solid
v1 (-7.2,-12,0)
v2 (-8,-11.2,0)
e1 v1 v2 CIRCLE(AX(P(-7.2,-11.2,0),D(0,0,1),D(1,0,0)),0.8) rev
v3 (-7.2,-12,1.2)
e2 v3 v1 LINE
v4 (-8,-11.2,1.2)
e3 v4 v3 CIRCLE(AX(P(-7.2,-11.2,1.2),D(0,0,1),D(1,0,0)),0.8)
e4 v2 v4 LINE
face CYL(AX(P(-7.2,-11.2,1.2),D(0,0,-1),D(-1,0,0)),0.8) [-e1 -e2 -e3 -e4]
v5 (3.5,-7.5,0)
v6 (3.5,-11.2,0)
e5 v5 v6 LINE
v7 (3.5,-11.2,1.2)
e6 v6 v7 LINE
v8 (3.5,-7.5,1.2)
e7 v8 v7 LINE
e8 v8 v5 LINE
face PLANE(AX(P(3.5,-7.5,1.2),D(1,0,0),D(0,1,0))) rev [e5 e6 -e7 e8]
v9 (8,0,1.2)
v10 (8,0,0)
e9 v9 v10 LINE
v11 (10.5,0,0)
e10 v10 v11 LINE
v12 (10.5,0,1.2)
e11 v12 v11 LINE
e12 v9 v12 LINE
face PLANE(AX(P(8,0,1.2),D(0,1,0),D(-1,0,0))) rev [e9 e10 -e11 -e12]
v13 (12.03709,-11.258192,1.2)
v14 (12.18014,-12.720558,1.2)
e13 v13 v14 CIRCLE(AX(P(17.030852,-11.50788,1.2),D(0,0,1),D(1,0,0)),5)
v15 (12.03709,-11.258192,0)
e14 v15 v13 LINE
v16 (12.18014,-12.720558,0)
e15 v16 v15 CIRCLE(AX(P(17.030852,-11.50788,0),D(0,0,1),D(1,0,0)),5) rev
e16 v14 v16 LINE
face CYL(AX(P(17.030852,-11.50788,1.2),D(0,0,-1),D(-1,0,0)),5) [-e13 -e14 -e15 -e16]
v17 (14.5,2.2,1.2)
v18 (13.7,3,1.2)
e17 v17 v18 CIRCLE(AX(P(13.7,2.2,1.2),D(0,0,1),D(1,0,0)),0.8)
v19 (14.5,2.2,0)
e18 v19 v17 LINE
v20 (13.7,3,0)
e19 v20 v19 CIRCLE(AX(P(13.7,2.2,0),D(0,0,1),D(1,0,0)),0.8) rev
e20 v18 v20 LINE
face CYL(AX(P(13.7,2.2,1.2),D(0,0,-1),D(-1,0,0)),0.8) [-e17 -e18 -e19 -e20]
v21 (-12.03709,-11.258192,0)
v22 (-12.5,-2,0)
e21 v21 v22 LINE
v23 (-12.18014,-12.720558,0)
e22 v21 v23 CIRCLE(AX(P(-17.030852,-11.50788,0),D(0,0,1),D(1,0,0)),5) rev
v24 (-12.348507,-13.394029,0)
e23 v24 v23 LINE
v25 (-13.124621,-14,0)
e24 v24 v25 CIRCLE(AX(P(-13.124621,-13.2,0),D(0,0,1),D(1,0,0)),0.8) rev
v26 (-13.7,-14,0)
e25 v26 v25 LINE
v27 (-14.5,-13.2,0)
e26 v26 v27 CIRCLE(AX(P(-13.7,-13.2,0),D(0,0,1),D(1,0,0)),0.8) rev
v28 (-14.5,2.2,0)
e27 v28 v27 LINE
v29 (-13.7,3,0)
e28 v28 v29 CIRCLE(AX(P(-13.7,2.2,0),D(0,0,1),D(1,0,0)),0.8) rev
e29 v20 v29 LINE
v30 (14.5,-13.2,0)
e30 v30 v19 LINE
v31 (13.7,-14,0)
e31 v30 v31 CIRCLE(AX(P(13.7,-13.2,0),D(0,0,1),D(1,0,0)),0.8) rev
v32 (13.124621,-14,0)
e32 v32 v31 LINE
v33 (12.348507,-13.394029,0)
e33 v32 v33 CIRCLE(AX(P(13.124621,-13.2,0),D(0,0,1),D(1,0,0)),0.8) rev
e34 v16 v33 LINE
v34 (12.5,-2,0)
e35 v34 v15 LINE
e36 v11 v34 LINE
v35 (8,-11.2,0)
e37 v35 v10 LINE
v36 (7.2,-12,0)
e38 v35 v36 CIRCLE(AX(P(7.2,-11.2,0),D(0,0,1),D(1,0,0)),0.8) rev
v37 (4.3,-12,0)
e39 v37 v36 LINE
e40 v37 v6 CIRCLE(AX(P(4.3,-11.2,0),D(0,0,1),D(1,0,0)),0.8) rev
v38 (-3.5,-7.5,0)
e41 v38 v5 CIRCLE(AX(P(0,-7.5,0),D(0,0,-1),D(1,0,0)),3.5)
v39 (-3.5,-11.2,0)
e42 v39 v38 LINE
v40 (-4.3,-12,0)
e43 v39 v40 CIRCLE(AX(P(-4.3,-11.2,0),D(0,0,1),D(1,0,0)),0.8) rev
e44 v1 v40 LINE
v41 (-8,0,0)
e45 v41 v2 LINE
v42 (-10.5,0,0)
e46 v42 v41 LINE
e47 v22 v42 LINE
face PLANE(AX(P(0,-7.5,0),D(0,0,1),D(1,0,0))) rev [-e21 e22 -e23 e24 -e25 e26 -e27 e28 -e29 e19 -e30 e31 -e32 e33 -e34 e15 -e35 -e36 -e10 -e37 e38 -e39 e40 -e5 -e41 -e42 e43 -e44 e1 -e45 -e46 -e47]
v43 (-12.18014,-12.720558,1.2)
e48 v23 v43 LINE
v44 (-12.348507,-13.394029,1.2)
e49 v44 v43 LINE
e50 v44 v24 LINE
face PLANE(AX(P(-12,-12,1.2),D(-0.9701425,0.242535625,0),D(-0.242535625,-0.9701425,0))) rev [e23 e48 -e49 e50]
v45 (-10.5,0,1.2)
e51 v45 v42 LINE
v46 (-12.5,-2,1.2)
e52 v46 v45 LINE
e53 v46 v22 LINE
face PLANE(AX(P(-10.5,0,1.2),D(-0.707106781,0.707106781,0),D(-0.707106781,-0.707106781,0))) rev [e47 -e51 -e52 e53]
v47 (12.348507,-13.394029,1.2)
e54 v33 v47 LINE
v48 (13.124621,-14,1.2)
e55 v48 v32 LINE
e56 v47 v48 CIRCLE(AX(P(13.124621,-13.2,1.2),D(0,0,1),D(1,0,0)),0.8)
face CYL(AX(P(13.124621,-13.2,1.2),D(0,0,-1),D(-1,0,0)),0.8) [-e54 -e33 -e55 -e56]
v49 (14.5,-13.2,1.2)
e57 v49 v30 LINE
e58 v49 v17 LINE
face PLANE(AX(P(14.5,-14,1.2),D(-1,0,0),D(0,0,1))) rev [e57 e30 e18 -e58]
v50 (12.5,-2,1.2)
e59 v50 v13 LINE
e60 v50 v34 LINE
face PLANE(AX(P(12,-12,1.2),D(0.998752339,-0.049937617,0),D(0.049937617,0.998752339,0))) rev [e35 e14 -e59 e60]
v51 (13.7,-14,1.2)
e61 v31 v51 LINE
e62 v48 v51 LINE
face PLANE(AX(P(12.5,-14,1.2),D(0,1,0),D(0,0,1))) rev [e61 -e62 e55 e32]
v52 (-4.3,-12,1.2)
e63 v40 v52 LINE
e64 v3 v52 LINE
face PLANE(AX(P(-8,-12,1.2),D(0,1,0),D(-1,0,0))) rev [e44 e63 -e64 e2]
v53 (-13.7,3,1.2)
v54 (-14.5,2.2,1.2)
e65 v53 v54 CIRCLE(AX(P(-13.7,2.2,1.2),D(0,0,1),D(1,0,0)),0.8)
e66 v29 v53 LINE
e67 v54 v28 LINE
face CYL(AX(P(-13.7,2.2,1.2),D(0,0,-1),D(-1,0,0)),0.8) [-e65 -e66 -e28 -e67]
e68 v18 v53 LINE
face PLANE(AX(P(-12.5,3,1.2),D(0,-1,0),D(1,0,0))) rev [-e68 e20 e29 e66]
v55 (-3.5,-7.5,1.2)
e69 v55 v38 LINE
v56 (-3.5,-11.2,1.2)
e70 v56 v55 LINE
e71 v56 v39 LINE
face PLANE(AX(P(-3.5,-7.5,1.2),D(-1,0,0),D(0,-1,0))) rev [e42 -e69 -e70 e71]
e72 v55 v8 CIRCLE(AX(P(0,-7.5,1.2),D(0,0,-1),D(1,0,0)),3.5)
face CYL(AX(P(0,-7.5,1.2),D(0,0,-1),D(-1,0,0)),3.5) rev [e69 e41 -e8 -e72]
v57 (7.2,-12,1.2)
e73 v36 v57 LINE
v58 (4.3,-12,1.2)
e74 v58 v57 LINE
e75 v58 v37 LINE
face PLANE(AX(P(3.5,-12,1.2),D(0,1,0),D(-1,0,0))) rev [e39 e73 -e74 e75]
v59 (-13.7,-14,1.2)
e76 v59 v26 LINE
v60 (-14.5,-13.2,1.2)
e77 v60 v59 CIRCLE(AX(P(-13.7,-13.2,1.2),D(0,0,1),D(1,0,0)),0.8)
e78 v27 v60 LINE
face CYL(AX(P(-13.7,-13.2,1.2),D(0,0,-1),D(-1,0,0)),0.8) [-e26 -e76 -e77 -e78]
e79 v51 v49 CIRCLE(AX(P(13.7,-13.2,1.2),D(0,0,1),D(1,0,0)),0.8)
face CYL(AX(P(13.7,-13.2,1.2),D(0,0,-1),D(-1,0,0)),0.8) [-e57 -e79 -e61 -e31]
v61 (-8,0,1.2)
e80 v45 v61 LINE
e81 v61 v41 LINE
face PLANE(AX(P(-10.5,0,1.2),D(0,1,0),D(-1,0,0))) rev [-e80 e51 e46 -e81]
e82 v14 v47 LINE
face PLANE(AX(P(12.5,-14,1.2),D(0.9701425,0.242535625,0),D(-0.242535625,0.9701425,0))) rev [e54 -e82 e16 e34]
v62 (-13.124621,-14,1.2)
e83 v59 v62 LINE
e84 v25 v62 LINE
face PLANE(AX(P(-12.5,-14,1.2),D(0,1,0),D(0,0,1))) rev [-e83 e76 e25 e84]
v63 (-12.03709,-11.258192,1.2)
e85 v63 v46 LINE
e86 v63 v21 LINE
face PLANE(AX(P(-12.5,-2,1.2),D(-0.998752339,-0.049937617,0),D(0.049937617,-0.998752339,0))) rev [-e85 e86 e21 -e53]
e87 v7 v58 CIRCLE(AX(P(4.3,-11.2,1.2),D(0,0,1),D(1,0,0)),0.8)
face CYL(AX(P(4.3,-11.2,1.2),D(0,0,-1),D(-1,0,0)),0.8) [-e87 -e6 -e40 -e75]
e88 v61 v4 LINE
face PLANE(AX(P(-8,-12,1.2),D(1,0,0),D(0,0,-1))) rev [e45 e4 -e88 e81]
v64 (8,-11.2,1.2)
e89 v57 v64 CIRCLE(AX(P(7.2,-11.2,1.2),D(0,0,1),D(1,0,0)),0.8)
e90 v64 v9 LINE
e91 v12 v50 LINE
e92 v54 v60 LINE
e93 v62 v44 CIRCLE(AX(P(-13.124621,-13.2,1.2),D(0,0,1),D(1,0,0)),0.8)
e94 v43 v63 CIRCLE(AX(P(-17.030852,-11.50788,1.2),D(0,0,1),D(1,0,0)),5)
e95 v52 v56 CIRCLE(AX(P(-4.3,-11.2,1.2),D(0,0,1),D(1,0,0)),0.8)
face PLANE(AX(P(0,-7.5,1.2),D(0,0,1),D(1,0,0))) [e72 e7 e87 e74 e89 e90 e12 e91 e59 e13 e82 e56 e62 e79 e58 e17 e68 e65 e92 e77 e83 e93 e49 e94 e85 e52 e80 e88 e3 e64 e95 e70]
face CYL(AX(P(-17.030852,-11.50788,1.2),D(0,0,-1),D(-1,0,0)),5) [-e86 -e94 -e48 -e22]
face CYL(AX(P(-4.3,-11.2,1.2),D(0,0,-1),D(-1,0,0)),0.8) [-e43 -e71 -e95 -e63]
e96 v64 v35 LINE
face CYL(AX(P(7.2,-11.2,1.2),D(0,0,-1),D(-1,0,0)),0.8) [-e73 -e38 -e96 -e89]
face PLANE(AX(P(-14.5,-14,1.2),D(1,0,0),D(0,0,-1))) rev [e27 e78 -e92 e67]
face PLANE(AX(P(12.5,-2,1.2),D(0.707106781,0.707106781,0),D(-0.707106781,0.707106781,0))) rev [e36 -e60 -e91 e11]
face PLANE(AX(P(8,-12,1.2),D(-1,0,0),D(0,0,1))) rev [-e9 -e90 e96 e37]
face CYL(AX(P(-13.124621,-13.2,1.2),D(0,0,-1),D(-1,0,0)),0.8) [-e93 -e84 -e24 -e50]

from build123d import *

# Parameters (mm, degrees)
BOSS_EXTRUDE1_DEPTH = 1.2
FILLET1_R           = 5
FILLET2_R           = 0.8


with BuildPart() as part:
    # Sketch1 → Boss-Extrude1 (new body)
    with BuildSketch(Plane.XY):
        with BuildLine():
            Line((-10.5, 0), (-12.5, -2))
            Line((-12.5, -2), (-12, -12))
            Line((-12, -12), (-12.5, -14))
            Line((-12.5, -14), (-14.5, -14))
            Line((-14.5, -14), (-14.5, 3))
            Line((-14.5, 3), (-12.5, 3))
            Line((-12.5, 3), (12.5, 3))
            Line((12.5, 3), (14.5, 3))
            Line((14.5, 3), (14.5, -14))
            Line((14.5, -14), (12.5, -14))
            Line((12.5, -14), (12, -12))
            Line((12, -12), (12.5, -2))
            Line((12.5, -2), (10.5, 0))
            Line((10.5, 0), (8, 0))
            Line((8, 0), (8, -12))
            Line((8, -12), (3.5, -12))
            Line((3.5, -12), (3.5, -7.5))
            ThreePointArc((3.5, -7.5), (0, -4), (-3.5, -7.5))
            Line((-3.5, -7.5), (-3.5, -12))
            Line((-3.5, -12), (-8, -12))
            Line((-8, -12), (-8, 0))
            Line((-8, 0), (-10.5, 0))
        make_face()
    extrude(amount=BOSS_EXTRUDE1_DEPTH)

    # Fillet1
    fillet1_edges = [part.edges().sort_by_distance(p)[0] for p in [
        (-12, -12, 0.6),
        (12, -12, 0.6),
    ]]
    fillet(fillet1_edges, radius=FILLET1_R)

    # Fillet2
    fillet2_edges = [part.edges().sort_by_distance(p)[0] for p in [
        (-12.5, -14, 0.6),
        (-14.5, -14, 0.6),
        (-14.5, 3, 0.6),
        (14.5, 3, 0.6),
        (14.5, -14, 0.6),
        (12.5, -14, 0.6),
        (8, -12, 0.6),
        (3.5, -12, 0.6),
        (-3.5, -12, 0.6),
        (-8, -12, 0.6),
    ]]
    fillet(fillet2_edges, radius=FILLET2_R)


solid = part.part
